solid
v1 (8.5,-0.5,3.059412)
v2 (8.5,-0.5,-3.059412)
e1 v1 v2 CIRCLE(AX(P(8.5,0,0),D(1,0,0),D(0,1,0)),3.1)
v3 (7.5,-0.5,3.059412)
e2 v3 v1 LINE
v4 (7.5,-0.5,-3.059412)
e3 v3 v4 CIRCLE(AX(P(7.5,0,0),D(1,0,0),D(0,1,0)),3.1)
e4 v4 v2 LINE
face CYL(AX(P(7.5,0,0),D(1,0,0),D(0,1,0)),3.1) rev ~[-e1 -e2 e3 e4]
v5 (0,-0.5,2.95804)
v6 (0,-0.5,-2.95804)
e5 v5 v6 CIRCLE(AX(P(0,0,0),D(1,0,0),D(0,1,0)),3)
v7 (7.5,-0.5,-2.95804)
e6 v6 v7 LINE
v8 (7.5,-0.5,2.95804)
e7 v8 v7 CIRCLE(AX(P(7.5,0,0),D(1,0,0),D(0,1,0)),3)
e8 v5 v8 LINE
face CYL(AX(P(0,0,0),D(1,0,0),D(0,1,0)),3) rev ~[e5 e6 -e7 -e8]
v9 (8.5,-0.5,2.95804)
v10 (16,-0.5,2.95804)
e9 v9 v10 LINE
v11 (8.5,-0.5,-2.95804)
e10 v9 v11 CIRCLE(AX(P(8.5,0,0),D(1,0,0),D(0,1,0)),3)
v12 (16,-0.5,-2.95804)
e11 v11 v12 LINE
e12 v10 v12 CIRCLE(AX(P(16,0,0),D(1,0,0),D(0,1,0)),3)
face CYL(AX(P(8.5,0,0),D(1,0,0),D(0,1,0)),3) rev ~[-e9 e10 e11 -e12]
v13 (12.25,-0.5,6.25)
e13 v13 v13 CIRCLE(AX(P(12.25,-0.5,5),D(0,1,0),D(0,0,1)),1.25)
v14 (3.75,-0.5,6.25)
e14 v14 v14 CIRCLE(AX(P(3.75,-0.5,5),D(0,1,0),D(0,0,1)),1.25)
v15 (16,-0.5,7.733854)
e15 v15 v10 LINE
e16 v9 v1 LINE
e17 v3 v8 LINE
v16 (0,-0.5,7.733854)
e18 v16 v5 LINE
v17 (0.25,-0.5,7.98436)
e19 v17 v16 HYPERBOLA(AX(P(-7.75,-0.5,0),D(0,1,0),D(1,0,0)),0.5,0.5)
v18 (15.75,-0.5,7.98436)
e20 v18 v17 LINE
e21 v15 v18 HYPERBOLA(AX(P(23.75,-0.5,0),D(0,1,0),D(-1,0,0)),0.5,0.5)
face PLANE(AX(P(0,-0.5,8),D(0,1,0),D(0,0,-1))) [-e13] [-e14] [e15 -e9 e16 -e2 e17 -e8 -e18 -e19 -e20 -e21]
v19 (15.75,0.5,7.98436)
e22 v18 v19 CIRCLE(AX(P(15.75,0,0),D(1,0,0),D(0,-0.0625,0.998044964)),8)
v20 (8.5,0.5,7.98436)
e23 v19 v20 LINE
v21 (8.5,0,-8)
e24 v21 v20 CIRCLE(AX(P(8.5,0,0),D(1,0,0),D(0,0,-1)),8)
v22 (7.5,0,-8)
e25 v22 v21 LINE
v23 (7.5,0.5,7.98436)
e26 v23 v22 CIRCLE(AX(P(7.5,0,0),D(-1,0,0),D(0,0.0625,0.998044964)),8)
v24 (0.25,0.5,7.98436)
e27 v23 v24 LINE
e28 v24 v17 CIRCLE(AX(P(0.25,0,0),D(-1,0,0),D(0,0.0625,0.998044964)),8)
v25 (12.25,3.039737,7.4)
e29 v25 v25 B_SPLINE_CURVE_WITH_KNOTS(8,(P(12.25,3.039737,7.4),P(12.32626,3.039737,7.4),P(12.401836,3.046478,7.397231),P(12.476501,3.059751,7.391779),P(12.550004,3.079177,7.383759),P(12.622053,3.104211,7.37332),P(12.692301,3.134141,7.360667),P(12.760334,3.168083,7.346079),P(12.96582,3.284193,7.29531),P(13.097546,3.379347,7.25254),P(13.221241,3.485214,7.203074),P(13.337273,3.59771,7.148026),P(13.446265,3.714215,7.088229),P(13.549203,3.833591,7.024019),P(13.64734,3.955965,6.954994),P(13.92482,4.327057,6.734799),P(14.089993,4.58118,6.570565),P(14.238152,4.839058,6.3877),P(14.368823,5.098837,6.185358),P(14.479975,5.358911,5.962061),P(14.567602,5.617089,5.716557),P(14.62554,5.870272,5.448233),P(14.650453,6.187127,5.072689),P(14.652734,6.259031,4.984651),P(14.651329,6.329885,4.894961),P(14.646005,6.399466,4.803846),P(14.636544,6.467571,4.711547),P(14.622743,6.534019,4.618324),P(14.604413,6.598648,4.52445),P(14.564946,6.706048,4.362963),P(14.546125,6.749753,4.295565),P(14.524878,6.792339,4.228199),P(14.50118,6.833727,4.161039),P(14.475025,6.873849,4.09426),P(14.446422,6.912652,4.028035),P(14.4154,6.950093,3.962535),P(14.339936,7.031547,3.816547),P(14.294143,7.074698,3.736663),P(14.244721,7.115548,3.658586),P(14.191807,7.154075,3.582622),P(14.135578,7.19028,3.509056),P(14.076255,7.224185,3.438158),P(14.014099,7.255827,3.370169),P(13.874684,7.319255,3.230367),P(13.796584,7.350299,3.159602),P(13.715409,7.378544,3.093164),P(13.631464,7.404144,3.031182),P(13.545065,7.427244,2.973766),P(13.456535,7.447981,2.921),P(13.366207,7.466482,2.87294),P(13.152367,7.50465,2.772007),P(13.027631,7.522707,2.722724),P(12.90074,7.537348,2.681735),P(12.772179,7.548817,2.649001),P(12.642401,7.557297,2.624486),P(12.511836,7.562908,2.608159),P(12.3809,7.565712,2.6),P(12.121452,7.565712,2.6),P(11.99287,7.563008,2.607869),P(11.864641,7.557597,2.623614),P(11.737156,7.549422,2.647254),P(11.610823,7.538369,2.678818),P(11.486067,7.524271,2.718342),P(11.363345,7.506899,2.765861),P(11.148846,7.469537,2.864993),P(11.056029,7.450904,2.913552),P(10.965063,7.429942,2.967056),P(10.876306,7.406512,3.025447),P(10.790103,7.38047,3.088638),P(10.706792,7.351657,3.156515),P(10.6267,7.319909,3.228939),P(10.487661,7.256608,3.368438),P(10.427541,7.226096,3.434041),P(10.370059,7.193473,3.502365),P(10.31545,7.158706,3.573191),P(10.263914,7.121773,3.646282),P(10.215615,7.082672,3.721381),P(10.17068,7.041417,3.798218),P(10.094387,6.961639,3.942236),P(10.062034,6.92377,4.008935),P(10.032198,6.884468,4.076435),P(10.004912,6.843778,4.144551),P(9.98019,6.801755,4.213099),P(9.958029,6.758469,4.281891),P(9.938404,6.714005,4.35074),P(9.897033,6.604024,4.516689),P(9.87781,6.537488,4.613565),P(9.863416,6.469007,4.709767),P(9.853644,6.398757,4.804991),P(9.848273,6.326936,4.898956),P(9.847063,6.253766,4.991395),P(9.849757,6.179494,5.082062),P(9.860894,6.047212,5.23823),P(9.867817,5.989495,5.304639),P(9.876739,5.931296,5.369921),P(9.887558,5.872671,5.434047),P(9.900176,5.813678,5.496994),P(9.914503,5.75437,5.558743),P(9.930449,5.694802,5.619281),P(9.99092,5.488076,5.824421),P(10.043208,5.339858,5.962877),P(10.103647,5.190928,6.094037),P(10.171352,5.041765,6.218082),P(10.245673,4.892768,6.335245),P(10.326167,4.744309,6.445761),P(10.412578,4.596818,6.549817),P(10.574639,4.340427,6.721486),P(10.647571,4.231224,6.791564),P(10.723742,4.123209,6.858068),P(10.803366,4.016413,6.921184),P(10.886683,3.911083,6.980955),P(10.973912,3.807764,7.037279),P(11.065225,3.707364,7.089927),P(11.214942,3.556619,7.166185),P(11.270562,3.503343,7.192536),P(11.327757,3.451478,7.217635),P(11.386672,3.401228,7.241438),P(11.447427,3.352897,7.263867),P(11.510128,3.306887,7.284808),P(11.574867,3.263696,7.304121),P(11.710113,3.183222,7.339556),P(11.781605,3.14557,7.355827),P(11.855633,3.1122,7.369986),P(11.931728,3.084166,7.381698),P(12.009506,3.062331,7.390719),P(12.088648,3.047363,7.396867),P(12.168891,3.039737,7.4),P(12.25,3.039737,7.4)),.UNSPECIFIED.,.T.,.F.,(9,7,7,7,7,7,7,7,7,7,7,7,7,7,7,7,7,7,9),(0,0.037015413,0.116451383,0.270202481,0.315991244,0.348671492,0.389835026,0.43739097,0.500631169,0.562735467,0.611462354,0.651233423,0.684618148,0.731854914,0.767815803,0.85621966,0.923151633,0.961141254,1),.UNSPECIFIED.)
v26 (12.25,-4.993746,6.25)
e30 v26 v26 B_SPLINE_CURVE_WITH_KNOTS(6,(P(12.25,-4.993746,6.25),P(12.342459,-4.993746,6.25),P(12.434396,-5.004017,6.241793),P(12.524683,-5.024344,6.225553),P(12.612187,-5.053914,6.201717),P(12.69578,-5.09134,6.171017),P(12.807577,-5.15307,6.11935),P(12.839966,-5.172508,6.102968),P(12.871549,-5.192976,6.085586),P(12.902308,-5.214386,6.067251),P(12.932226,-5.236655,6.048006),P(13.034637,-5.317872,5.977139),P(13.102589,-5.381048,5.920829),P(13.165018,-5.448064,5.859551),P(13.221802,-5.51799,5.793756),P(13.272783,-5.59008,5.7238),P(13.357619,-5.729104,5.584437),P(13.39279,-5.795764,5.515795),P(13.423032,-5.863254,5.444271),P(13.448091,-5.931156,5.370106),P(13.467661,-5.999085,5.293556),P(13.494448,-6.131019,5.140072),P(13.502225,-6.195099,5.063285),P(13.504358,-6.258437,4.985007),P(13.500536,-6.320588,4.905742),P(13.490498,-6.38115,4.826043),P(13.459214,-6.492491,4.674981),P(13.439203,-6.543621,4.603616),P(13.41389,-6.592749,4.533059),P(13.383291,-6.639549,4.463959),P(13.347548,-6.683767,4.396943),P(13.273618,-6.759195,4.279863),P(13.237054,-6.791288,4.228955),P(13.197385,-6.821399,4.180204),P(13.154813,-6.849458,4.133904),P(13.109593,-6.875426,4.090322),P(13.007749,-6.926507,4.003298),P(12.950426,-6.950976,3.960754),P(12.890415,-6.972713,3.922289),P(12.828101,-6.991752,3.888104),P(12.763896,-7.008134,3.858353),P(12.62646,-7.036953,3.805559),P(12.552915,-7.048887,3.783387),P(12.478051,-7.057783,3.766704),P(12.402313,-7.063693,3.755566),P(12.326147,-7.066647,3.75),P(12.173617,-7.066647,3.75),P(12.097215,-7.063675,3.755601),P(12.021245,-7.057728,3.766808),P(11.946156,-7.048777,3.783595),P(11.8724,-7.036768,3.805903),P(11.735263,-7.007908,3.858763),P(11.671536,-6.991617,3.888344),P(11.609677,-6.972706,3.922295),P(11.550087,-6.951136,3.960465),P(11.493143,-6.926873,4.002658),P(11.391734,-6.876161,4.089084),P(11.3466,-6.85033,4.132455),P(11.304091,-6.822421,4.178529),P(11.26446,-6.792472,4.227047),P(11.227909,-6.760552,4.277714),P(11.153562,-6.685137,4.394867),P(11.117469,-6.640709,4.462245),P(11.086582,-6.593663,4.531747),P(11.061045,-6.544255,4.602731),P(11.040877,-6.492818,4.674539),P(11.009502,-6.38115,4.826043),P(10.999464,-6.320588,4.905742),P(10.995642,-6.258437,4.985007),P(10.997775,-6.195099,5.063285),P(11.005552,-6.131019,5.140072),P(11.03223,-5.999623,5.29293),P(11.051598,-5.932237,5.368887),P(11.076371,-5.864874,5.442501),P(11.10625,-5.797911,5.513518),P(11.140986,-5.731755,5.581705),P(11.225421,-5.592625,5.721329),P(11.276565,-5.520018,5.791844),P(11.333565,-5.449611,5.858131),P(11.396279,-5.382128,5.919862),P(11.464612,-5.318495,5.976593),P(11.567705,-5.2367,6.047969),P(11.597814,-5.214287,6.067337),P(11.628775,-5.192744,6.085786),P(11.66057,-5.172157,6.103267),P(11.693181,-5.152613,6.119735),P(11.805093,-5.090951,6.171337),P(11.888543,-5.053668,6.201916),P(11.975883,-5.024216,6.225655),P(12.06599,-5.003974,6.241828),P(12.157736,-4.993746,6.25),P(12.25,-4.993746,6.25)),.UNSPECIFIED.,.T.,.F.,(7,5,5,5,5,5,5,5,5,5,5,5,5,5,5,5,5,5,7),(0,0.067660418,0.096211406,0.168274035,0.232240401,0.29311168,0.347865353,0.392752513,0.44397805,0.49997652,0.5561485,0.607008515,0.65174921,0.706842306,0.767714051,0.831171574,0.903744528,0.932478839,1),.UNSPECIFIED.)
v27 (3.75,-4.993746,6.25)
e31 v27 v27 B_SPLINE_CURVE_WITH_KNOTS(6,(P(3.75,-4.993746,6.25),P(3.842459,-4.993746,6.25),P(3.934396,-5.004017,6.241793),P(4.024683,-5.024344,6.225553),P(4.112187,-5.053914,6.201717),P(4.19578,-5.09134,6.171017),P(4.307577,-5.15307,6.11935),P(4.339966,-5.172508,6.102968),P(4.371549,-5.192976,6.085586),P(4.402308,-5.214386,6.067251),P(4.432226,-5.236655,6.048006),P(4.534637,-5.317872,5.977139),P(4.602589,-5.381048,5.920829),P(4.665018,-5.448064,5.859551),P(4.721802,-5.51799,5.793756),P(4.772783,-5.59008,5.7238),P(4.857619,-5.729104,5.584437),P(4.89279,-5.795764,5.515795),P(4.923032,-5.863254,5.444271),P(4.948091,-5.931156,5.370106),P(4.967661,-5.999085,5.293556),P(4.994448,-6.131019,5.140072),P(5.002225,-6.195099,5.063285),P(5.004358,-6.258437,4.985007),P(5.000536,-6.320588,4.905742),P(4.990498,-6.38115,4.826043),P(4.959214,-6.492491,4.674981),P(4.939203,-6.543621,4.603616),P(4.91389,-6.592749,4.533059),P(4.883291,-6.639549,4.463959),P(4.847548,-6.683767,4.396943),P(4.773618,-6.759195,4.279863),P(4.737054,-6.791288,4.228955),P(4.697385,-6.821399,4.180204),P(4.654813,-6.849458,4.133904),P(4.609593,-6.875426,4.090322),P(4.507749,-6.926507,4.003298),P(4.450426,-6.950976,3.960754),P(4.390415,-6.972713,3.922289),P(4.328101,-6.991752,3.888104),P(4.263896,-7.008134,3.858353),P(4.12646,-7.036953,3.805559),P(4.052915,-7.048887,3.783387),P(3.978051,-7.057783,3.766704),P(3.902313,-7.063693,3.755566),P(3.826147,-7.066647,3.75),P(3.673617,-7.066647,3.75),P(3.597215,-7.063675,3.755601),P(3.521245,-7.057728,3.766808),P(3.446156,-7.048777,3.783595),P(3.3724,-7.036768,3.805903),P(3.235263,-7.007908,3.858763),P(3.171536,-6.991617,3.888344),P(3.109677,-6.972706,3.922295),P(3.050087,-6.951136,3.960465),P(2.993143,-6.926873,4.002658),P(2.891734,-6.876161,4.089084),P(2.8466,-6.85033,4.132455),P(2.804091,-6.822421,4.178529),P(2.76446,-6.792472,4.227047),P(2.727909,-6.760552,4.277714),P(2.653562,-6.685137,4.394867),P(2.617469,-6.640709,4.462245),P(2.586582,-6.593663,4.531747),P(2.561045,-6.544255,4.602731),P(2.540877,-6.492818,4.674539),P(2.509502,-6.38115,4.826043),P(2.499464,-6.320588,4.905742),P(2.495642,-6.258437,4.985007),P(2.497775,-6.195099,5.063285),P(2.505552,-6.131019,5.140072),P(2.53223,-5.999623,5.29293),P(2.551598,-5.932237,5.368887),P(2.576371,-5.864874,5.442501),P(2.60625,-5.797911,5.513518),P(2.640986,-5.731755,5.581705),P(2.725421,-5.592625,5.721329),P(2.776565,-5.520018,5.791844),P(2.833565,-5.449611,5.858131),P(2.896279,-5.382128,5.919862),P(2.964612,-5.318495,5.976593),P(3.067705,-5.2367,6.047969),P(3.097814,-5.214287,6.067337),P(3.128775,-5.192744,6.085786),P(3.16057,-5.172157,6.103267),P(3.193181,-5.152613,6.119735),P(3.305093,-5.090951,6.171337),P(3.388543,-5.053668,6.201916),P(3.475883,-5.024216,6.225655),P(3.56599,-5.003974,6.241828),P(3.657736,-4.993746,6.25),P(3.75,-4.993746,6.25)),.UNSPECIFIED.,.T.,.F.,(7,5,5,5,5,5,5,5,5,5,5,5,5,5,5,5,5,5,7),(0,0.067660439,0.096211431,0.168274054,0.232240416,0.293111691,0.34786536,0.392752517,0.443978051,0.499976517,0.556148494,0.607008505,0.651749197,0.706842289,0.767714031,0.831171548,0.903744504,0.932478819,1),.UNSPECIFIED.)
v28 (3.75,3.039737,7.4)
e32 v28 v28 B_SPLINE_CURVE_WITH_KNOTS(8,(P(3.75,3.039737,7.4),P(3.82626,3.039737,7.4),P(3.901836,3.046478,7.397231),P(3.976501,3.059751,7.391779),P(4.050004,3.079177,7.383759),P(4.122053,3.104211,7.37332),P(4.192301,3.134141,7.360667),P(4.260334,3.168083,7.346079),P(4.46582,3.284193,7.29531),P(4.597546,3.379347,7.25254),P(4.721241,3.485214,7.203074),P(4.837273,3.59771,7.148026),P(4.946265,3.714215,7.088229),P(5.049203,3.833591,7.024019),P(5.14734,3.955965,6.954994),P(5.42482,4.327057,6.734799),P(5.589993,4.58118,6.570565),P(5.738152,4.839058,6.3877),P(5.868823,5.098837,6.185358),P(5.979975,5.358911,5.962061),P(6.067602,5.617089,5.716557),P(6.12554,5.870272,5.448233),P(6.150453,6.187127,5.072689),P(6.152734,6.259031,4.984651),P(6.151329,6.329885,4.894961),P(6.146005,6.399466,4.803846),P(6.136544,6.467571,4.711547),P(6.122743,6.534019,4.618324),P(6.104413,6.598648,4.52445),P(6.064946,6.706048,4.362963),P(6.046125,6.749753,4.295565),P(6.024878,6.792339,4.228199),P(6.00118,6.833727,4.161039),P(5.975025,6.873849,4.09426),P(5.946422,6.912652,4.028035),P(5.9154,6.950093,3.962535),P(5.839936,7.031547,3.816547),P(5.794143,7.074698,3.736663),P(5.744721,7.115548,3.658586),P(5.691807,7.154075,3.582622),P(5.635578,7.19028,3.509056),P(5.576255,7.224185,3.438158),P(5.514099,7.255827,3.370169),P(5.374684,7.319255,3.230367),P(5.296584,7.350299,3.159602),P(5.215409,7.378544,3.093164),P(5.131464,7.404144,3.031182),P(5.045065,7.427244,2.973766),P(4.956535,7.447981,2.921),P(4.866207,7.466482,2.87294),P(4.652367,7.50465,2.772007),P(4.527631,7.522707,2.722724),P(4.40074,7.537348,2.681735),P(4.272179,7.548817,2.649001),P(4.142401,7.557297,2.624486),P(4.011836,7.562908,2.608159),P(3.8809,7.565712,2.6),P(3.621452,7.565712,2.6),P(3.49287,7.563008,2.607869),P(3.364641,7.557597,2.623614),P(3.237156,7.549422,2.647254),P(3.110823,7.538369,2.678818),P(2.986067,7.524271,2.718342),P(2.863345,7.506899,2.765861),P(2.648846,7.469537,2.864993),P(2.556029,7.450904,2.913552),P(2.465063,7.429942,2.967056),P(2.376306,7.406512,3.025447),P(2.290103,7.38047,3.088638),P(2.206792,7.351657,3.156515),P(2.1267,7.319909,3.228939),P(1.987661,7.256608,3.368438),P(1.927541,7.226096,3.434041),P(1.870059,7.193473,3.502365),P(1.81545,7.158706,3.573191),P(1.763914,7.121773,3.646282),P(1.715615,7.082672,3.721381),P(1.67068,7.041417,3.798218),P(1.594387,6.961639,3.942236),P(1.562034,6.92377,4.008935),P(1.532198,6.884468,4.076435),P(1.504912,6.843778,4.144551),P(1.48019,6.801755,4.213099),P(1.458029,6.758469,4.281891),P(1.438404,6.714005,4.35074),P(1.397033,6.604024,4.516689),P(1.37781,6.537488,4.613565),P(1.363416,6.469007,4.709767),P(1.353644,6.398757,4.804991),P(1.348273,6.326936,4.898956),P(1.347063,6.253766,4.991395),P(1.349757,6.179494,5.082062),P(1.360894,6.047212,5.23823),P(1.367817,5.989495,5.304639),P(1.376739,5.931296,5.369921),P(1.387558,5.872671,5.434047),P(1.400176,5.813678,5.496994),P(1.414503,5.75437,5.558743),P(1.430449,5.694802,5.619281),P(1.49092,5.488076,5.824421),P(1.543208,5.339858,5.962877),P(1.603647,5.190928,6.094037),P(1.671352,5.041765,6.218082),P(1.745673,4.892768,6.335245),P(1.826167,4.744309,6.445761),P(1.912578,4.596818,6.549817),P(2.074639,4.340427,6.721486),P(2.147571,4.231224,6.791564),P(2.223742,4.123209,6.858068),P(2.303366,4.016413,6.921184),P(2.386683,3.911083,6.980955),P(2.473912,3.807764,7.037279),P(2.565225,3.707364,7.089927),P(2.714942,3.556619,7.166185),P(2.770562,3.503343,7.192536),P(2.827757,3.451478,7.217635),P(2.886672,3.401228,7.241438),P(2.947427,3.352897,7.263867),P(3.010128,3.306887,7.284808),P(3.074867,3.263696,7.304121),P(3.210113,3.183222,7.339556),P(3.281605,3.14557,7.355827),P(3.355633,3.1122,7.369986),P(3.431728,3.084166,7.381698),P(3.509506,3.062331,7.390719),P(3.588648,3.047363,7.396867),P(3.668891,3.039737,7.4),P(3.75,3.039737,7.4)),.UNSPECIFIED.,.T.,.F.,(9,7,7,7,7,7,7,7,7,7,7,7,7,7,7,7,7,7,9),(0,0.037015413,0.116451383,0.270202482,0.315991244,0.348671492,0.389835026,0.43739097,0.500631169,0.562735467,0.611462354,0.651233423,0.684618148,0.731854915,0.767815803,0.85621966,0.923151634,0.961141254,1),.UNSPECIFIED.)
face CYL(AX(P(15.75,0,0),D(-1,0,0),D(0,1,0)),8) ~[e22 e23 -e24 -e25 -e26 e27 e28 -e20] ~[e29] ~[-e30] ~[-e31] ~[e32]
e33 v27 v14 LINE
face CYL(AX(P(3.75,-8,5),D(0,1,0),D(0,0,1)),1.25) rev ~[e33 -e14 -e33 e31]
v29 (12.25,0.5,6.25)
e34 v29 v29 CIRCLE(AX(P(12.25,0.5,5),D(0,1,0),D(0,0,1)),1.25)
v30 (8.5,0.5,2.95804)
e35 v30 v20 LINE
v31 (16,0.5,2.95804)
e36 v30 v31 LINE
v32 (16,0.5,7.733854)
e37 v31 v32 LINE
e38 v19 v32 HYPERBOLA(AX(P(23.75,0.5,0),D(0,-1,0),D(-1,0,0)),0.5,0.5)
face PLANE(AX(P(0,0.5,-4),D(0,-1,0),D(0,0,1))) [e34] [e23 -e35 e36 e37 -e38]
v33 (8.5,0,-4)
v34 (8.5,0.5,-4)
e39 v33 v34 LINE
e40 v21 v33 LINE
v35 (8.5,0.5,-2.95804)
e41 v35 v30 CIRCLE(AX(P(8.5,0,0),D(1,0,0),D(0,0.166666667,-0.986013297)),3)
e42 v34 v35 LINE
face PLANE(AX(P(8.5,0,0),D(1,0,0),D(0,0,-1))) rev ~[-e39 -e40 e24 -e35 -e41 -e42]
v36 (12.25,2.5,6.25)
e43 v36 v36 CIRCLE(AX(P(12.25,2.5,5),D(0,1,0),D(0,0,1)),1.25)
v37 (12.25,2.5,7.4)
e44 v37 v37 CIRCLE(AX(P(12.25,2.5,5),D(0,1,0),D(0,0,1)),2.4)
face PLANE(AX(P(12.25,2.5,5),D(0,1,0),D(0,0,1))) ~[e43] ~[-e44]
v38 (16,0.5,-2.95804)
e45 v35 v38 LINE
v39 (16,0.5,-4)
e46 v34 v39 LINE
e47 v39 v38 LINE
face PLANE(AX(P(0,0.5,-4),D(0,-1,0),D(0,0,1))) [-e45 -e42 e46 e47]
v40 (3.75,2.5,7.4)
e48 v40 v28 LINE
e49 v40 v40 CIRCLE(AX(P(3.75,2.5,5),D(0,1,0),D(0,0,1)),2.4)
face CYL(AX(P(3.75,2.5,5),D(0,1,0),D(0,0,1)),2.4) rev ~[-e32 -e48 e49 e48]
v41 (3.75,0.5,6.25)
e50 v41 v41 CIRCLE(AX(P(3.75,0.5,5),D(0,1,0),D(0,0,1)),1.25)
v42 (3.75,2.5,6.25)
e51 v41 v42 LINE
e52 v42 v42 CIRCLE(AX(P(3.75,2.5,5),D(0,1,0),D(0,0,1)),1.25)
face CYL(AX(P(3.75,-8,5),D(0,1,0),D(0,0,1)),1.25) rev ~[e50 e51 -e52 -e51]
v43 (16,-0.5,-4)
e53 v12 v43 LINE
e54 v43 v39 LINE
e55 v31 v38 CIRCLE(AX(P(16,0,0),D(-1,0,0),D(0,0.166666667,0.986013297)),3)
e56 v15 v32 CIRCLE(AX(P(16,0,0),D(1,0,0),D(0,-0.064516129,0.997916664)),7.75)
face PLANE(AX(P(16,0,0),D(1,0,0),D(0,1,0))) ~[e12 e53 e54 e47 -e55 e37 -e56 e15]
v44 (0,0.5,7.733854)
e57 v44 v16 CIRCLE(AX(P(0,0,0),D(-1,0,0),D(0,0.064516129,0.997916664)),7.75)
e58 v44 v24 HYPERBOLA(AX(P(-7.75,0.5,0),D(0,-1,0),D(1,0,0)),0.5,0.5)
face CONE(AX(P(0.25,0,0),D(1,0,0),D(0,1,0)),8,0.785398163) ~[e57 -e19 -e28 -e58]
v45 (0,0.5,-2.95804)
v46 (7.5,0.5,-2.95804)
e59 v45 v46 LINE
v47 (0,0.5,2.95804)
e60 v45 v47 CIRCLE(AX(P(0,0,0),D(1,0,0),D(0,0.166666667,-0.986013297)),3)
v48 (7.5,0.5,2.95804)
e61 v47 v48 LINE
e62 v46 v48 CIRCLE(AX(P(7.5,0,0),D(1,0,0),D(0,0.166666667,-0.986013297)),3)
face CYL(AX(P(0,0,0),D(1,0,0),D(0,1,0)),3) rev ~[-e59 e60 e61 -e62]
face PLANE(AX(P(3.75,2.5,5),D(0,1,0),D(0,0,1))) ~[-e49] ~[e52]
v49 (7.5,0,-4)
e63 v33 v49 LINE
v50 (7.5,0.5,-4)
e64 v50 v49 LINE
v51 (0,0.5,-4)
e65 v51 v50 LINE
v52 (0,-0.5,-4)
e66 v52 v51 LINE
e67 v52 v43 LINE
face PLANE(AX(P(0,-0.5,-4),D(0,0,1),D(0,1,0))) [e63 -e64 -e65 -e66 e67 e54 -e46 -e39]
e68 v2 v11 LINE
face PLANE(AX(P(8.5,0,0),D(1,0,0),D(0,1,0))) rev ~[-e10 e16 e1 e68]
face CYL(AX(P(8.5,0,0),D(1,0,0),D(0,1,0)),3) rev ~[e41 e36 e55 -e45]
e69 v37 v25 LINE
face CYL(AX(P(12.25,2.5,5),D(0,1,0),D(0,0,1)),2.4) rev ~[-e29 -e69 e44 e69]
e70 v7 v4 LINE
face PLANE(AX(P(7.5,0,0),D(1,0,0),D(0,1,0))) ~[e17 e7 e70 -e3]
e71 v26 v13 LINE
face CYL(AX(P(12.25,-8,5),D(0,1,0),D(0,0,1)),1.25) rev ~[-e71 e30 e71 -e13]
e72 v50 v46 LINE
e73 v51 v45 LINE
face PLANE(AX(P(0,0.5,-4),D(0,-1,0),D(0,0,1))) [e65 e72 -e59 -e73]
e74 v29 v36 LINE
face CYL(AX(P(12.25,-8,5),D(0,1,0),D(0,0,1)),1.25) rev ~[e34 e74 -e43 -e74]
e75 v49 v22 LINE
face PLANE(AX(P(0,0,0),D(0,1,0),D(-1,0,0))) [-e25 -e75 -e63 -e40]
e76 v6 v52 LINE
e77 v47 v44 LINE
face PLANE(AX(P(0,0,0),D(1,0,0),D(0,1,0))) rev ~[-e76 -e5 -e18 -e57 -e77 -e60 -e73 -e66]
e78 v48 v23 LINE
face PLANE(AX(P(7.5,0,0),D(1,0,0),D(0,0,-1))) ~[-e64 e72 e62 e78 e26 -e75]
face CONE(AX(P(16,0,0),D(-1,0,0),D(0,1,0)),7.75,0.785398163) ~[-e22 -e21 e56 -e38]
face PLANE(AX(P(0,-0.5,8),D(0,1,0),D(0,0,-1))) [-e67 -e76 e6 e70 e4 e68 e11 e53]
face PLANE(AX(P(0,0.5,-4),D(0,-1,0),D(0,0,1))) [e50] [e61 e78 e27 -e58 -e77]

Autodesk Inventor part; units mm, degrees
sketch "Sketch_1" plane through (0, 0, 0) normal (0, 0, 1) x (1, 0, 0)
  line L0 (16, 0) -> (0, 0)
  line L1 (0, 3) -> (7.5, 3)
  line L2 (7.5, 3) -> (7.5, 3.1)
  line L3 (7.5, 3.1) -> (8.5, 3.1)
  line L4 (8.5, 3.1) -> (8.5, 3)
  line L5 (8.5, 3) -> (16, 3)
  line L6 (16, 3) -> (16, 7.75)
  line L7 (16, 7.75) -> (15.75, 8)
  line L8 (15.75, 8) -> (0.25, 8)
  line L9 (0.25, 8) -> (0, 7.75)
  line L10 (0, 7.75) -> (0, 3)
revolve "Revolution1" add sketch "Sketch_1" angle 360 about axis through (16, 0, 0) along (1, 0, 0)
sketch "Sketch_2" plane through (0, 0, 0) normal (1, 0, 0) x (0, 1, 0)
  line L0 (0.5, 8) -> (-0.5, 8)
  line L1 (-0.5, 8) -> (-0.5, -4)
  line L2 (-0.5, -4) -> (0.5, -4)
  line L3 (0.5, -4) -> (0.5, 8)
extrude "Extrusion1" cut sketch "Sketch_2" along normal blind 16
sketch "Sketch_3" plane through (0, 0, 0) normal (0, 1, 0) x (-1, 0, 0)
  line L0 (-8.5, 0) -> (-7.5, 0)
  line L1 (-7.5, 0) -> (-7.5, -8)
  line L2 (-7.5, -8) -> (-8.5, -8)
  line L3 (-8.5, -8) -> (-8.5, 0)
  line L4 (-8.5, 0) -> (-7.5, 0)
revolve "Revolution2" cut sketch "Sketch_3" angle 180 about axis through (8.5, 0, 0) along (1, 0, 0)
sketch "Sketch_4" plane through (3.75, 0, 0) normal (1, 0, 0) x (0, 0, -1)
  line L0 (-5, 8) -> (-5, -8)
  line L1 (-5, -8) -> (-6.25, -8)
  line L2 (-6.25, -8) -> (-6.25, 2.5)
  line L3 (-6.25, 2.5) -> (-7.4, 2.5)
  line L4 (-7.4, 2.5) -> (-7.4, 8)
  line L5 (-7.4, 8) -> (-5, 8)
  line L6 (-5, 8) -> (-5, -8)
revolve "Revolution3" cut sketch "Sketch_4" angle 360 about axis through (3.75, 8, 5) along (0, 1, 0)
sketch "Sketch_5" plane through (12.25, 0, 0) normal (1, 0, 0) x (0, 0, -1)
  line L0 (-5, 8) -> (-5, -8)
  line L1 (-5, -8) -> (-6.25, -8)
  line L2 (-6.25, -8) -> (-6.25, 2.5)
  line L3 (-6.25, 2.5) -> (-7.4, 2.5)
  line L4 (-7.4, 2.5) -> (-7.4, 8)
  line L5 (-7.4, 8) -> (-5, 8)
  line L6 (-5, 8) -> (-5, -8)
revolve "Revolution4" cut sketch "Sketch_5" angle 360 about axis through (12.25, 8, 5) along (0, 1, 0)
ref_plane "L_XY" through (3.75, 2.5, 5) normal (0, 1, 0) x (1, 0, 0)
ref_plane "L_YZ" through (3.75, 2.5, 5) normal (1, 0, 0) x (0, 0, -1)
ref_plane "L_ZX" through (3.75, 2.5, 5) normal (0, 0, -1) x (0, 1, 0)
ref_plane "R_XY" through (12.25, 2.5, 5) normal (0, 1, 0) x (1, 0, 0)
ref_plane "R_YZ" through (12.25, 2.5, 5) normal (1, 0, 0) x (0, 0, -1)
ref_plane "R_ZX" through (12.25, 2.5, 5) normal (0, 0, -1) x (0, 1, 0)
properties part number "D_CPRC16-6-6" material "鋼、炭素鋼"
